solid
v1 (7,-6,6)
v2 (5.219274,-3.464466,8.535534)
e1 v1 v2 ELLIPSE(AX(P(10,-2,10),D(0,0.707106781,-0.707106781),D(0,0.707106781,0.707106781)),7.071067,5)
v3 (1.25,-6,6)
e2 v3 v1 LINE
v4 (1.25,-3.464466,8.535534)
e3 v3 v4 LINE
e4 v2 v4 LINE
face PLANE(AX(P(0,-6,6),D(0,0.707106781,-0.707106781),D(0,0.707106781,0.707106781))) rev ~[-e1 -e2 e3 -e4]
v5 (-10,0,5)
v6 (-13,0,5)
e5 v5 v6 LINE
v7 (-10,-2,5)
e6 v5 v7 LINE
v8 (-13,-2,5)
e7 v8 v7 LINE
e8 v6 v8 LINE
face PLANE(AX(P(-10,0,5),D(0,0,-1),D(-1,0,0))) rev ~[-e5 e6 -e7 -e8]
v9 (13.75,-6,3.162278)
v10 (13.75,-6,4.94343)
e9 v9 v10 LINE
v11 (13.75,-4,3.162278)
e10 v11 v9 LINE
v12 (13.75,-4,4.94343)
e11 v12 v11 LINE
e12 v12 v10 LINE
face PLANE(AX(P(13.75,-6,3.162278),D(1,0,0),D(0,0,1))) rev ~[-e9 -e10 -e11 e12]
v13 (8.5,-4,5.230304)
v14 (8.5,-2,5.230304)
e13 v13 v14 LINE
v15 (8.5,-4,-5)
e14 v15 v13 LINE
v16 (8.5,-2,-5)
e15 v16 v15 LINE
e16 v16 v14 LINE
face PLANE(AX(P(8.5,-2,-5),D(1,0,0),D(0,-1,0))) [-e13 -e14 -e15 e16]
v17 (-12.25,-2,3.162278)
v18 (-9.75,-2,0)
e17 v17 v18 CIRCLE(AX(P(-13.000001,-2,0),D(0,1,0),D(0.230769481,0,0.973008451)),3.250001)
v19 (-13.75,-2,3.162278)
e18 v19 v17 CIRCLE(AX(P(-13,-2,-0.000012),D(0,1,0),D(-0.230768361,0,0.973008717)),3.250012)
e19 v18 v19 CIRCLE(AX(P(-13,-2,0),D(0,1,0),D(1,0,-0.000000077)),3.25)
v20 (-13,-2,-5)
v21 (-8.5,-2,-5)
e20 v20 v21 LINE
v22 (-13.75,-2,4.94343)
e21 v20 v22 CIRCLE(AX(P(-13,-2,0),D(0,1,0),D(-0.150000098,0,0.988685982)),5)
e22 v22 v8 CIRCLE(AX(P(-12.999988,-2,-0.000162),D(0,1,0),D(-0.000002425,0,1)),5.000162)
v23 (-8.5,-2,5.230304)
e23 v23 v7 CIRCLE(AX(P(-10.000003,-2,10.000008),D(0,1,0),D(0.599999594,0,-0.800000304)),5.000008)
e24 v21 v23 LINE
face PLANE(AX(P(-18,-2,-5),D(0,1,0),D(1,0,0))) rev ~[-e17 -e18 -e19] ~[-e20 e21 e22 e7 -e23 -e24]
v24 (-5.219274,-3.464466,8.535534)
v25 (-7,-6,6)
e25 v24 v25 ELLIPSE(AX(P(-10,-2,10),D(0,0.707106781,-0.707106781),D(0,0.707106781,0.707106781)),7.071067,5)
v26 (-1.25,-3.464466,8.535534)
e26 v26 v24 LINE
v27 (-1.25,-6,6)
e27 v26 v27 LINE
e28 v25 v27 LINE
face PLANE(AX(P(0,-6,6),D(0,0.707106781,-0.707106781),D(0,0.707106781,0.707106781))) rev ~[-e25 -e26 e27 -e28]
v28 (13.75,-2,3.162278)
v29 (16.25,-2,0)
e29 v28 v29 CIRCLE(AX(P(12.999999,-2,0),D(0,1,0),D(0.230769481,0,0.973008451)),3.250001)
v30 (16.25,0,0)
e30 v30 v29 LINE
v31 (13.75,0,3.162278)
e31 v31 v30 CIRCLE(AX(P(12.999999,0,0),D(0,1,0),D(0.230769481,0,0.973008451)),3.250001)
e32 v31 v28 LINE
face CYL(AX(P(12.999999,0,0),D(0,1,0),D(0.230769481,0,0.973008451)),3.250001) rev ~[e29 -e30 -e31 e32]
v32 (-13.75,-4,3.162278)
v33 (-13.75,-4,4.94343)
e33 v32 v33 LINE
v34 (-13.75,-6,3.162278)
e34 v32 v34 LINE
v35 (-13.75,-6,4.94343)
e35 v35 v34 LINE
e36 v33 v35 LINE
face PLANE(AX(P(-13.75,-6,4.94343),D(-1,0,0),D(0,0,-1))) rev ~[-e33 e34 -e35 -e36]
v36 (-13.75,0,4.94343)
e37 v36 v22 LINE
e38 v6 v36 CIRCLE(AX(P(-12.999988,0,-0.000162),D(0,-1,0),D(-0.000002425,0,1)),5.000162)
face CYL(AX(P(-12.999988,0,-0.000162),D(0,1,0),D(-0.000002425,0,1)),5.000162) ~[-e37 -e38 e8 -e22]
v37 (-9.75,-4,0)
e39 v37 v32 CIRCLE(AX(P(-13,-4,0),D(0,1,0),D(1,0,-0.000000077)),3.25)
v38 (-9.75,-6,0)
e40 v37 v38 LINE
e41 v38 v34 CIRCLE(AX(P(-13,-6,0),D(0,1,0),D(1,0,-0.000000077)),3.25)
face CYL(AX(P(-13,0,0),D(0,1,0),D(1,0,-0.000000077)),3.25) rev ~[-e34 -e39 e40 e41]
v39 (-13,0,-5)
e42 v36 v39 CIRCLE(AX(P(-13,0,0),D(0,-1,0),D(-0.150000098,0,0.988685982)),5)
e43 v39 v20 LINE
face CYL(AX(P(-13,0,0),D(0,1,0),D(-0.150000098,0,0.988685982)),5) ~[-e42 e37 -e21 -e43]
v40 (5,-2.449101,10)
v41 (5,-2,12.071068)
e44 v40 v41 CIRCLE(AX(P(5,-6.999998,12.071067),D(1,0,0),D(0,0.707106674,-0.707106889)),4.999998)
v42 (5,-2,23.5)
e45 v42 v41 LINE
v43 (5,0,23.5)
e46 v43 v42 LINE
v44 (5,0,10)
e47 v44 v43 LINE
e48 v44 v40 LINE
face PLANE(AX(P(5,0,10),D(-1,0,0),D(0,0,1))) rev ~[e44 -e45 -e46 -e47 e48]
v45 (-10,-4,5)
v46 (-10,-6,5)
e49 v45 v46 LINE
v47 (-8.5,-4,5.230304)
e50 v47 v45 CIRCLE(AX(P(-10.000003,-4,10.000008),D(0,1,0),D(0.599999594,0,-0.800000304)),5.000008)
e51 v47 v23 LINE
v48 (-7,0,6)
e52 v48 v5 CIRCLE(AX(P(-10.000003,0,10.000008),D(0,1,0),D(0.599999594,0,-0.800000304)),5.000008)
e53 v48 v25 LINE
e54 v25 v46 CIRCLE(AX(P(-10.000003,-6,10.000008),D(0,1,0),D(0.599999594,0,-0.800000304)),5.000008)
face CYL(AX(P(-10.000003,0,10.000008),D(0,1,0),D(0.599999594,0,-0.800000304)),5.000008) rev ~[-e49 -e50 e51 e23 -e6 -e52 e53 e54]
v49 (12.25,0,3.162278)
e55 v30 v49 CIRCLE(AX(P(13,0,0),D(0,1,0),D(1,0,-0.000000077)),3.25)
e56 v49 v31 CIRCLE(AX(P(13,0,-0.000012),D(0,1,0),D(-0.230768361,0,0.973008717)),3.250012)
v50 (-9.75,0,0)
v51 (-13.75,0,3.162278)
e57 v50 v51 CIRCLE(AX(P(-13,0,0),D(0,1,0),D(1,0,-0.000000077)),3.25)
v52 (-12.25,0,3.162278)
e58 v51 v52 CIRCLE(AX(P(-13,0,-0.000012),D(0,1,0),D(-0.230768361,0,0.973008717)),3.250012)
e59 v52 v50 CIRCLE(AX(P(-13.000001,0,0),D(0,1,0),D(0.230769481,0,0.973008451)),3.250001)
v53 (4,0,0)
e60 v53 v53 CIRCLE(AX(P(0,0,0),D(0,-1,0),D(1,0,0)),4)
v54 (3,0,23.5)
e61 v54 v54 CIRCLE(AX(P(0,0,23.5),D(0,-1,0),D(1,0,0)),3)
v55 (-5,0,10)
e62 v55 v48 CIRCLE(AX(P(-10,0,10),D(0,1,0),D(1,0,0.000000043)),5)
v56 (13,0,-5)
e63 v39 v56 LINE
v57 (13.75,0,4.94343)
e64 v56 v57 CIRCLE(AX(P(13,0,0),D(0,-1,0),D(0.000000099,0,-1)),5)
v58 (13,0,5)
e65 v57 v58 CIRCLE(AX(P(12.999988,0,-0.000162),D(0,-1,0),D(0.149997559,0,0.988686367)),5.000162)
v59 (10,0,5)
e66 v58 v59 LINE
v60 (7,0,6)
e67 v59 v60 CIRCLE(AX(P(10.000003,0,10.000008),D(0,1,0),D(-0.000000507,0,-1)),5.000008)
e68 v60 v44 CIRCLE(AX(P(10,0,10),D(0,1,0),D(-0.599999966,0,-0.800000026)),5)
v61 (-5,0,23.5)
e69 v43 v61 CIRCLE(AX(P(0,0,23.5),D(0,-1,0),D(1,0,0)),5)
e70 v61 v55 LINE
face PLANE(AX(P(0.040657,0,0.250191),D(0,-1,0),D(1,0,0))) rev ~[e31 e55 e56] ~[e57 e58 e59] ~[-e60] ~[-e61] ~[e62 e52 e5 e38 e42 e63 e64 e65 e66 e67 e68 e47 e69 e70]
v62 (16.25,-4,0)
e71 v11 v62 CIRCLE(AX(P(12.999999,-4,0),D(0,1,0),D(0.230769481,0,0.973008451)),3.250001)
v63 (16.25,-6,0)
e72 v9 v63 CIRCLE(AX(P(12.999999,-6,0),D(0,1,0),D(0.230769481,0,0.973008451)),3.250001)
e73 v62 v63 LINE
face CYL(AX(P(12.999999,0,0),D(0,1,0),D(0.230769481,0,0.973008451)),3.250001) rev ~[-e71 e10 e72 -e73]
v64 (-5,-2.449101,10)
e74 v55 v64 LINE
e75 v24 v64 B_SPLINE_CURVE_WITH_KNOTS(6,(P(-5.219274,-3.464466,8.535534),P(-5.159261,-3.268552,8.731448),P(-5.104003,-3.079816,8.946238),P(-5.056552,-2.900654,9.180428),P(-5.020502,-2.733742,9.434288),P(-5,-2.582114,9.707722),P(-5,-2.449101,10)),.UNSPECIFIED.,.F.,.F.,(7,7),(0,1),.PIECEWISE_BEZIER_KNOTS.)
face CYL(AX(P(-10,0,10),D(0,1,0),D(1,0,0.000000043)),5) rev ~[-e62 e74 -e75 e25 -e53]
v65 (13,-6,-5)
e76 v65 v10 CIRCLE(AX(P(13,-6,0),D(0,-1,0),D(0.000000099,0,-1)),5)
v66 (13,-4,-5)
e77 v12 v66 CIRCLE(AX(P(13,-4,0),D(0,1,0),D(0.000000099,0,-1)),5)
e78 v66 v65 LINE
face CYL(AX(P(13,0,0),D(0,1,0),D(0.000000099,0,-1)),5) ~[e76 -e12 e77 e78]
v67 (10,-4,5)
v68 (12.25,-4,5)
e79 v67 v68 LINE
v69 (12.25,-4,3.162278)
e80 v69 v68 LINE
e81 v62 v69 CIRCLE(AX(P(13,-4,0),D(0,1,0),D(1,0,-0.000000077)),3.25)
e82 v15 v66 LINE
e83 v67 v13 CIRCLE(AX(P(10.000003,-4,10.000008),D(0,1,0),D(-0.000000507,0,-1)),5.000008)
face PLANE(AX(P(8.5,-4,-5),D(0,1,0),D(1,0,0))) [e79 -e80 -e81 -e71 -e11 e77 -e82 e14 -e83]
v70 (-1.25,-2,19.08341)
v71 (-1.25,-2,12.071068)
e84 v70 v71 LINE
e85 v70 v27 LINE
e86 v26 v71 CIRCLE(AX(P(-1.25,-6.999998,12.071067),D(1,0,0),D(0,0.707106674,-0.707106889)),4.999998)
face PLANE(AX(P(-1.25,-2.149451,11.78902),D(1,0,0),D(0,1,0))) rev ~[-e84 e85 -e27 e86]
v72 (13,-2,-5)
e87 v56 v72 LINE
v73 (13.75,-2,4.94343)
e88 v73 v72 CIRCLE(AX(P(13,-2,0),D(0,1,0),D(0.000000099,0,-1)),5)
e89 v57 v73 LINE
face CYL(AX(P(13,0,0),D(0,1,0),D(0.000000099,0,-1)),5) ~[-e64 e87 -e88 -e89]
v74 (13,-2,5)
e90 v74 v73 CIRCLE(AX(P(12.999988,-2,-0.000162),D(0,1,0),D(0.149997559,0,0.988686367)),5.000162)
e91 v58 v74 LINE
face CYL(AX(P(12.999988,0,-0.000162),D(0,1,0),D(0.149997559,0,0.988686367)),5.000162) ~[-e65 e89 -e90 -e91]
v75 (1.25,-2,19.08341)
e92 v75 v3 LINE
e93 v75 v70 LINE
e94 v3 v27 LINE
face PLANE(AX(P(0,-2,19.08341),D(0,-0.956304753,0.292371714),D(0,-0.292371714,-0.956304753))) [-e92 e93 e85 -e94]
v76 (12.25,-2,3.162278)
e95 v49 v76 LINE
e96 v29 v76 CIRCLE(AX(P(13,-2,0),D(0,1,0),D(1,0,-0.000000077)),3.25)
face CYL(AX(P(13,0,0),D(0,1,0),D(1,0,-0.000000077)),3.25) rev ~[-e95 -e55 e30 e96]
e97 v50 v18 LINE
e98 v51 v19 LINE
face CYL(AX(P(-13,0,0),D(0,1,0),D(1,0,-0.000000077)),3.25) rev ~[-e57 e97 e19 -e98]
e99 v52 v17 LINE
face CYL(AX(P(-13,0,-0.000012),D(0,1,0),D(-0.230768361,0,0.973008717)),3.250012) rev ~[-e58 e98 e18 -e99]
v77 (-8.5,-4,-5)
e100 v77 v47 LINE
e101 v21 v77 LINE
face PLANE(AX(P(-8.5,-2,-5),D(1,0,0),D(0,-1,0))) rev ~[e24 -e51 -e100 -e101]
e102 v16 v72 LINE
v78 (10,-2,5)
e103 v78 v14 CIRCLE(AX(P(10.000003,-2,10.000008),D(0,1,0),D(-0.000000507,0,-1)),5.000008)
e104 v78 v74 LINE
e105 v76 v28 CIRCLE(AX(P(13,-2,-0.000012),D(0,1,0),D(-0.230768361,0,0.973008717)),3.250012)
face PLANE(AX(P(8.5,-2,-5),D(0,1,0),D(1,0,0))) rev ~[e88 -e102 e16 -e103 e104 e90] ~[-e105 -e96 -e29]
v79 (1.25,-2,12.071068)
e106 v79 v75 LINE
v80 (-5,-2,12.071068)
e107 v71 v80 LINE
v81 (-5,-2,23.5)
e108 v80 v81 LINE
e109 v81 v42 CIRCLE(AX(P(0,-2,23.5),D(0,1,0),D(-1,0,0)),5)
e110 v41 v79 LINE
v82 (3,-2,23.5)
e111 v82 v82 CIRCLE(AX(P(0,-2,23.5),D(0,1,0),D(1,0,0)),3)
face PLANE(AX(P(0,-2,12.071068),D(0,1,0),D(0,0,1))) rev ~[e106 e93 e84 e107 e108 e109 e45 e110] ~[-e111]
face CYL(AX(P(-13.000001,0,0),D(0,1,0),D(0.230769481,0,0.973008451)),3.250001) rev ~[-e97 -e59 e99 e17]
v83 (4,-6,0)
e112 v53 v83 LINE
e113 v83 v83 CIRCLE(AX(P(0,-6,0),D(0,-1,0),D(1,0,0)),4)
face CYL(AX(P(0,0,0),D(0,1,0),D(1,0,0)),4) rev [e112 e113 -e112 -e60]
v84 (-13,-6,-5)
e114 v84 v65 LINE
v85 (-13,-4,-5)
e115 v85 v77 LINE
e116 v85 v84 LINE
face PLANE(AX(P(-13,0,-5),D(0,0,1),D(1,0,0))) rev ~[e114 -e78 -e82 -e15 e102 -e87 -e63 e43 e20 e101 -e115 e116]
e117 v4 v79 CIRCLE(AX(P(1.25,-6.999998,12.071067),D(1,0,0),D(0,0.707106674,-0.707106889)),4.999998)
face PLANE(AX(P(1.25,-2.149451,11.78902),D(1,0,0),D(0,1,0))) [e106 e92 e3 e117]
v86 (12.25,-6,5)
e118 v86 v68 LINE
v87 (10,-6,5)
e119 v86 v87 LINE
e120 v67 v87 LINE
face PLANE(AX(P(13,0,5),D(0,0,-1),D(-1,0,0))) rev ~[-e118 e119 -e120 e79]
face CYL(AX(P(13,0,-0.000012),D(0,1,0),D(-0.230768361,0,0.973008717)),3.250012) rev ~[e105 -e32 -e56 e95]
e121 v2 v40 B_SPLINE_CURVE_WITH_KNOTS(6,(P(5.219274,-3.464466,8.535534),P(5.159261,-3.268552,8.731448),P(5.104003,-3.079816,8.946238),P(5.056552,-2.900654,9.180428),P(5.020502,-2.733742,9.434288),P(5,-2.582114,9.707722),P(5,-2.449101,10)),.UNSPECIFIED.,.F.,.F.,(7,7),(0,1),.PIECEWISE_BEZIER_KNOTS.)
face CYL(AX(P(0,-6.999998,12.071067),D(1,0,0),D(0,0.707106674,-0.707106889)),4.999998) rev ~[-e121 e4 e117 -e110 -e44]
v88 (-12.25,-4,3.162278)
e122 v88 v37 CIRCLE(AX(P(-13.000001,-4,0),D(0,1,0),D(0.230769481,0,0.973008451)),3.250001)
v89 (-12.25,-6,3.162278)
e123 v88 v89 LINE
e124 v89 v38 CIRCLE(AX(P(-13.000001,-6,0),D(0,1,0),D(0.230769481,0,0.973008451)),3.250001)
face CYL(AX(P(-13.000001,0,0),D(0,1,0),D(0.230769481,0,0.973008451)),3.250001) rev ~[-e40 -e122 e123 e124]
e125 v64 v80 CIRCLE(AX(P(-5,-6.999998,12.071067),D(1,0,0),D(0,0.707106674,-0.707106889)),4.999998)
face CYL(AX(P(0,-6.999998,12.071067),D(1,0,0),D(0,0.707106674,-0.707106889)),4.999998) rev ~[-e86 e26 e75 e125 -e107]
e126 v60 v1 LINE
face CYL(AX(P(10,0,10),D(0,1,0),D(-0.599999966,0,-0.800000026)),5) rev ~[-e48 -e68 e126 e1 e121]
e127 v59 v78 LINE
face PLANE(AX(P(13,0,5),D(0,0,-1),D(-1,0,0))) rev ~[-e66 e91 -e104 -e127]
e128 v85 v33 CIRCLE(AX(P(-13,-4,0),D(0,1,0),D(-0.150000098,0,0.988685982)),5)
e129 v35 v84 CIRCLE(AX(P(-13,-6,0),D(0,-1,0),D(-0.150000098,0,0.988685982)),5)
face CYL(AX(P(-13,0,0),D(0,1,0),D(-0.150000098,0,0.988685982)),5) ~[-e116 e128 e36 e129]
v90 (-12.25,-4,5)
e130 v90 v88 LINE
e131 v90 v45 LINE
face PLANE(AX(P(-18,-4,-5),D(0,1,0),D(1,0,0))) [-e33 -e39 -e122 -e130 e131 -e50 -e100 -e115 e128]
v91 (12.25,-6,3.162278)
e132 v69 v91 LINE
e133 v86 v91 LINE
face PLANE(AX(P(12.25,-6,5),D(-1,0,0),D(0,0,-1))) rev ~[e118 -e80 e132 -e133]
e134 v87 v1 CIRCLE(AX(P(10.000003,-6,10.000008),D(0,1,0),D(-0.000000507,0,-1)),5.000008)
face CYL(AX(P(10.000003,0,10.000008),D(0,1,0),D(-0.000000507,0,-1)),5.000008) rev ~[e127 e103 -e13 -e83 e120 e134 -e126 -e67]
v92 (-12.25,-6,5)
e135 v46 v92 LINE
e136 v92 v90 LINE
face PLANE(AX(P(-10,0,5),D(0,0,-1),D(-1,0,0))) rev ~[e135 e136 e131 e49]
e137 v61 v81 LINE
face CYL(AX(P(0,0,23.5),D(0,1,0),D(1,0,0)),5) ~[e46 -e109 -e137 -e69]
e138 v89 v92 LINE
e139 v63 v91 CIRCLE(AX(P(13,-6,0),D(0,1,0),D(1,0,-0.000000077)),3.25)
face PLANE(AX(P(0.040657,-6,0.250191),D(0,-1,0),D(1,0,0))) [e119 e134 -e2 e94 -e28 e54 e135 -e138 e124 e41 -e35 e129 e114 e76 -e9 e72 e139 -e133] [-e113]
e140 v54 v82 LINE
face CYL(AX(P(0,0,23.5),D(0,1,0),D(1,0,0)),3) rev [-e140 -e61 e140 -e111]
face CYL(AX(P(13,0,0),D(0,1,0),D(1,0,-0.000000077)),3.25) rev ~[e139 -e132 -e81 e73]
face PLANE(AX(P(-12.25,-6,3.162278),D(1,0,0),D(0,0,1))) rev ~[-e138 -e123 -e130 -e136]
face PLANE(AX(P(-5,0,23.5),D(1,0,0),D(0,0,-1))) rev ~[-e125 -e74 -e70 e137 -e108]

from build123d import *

# Parameters (mm, degrees)
F0_R     = 4
F0_R_2   = 3
F1_DEPTH = 6
F3_DEPTH = 12.5
F5_DEPTH = 1.25
F6_W     = 9.5
F6_H     = 2
F7_DEPTH = 25
F9_DEPTH = 3


with BuildPart() as f1:
    # F0 (on Front) → F1 (new body)
    with BuildSketch(Plane.XZ):
        with BuildLine():
            ThreePointArc((-12.25, 3.162278), (-10.45049, 2.015564), (-9.75, 0))
            ThreePointArc((-9.75, 0), (-15.015564, -2.54951), (-13.75, 3.162278))
            Line((-13.75, 3.162278), (-13.75, 4.94343))
            ThreePointArc((-13.75, 4.94343), (-17.985837, -0.376065), (-13, -5))
            Line((-13, -5), (13, -5))
            ThreePointArc((13, -5), (17.985837, -0.376065), (13.75, 4.94343))
            Line((13.75, 4.94343), (13.75, 3.162278))
            ThreePointArc((13.75, 3.162278), (15.54951, 2.015564), (16.25, 0))
            ThreePointArc((16.25, 0), (10.984436, -2.54951), (12.25, 3.162278))
            Line((12.25, 3.162278), (12.25, 5))
            Line((12.25, 5), (10, 5))
            ThreePointArc((10, 5), (8.418861, 5.256584), (7, 6))
            Line((7, 6), (1.25, 6))
            Line((1.25, 6), (-1.25, 6))
            Line((-1.25, 6), (-7, 6))
            ThreePointArc((-7, 6), (-8.418861, 5.256584), (-10, 5))
            Line((-10, 5), (-12.25, 5))
            Line((-12.25, 5), (-12.25, 3.162278))
        make_face()
        Circle(F0_R, mode=Mode.SUBTRACT)
        with BuildLine():
            ThreePointArc((-13.75, 3.162278), (-13, 3.25), (-12.25, 3.162278))
            Line((-12.25, 3.162278), (-12.25, 5))
            Line((-12.25, 5), (-13, 5))
            ThreePointArc((-13, 5), (-13.376065, 4.985837), (-13.75, 4.94343))
            Line((-13.75, 4.94343), (-13.75, 3.162278))
        make_face()
        with BuildLine():
            ThreePointArc((-5, 10), (-5.527864, 7.763932), (-7, 6))
            Line((-7, 6), (-1.25, 6))
            Line((-1.25, 6), (-1.25, 19))
            Line((-1.25, 19), (1.25, 19))
            Line((1.25, 19), (1.25, 6))
            Line((1.25, 6), (7, 6))
            ThreePointArc((7, 6), (5.527864, 7.763932), (5, 10))
            Line((5, 10), (5, 23.5))
            ThreePointArc((5, 23.5), (0, 28.5), (-5, 23.5))
            Line((-5, 23.5), (-5, 10))
        make_face()
        with Locations((0, 23.5)):
            Circle(F0_R_2, mode=Mode.SUBTRACT)
        with BuildLine():
            Line((13.75, 3.162278), (13.75, 4.94343))
            ThreePointArc((13.75, 4.94343), (13.376065, 4.985837), (13, 5))
            Line((13, 5), (12.25, 5))
            Line((12.25, 5), (12.25, 3.162278))
            ThreePointArc((12.25, 3.162278), (13, 3.25), (13.75, 3.162278))
        make_face()
    extrude(amount=F1_DEPTH)

    # F2 (on Right) → F3 (cut, symmetric)
    with BuildSketch(Plane.YZ):
        Polygon((-2, 19.08341), (-2, 28.5), (-6, 28.5), (-6, 6), align=None)
        with BuildLine():
            Line((-2, 12.071068), (-2, 19.08341))
            Line((-2, 19.08341), (-6, 6))
            Line((-6, 6), (-3.464466, 8.535534))
            ThreePointArc((-3.464466, 8.535534), (-2.380602, 10.157651), (-2, 12.071068))
        make_face()
    extrude(amount=F3_DEPTH, both=True, mode=Mode.SUBTRACT)

    # F4 (on Right) → F5 (join, symmetric)
    with BuildSketch(Plane.YZ):
        Polygon((-2, 19.08341), (-6, 6), (0, 6), (0, 19.08341), align=None)
    extrude(amount=F5_DEPTH, both=True)

    # F6 (on face) → F7 (cut)
    with BuildSketch(Plane(origin=(0, 0, -5), x_dir=(1, 0, 0), z_dir=(0, 0, -1))):
        with Locations((-13.25, 3)):
            Rectangle(F6_W, F6_H)
        with Locations((13.25, 3)):
            Rectangle(F6_W, F6_H)
    extrude(amount=-F7_DEPTH, mode=Mode.SUBTRACT)

    # F8 (on face) → F9 (cut)
    with BuildSketch(Plane.XZ.offset(6)):
        with BuildLine():
            Line((-12.25, 3.162278), (-12.25, 5))
            Line((-12.25, 5), (-13, 5))
            ThreePointArc((-13, 5), (-13.376065, 4.985837), (-13.75, 4.94343))
            Line((-13.75, 4.94343), (-13.75, 3.162278))
            ThreePointArc((-13.75, 3.162278), (-13, 3.25), (-12.25, 3.162278))
        make_face()
        with BuildLine():
            Line((13, 5), (12.25, 5))
            Line((12.25, 5), (12.25, 3.162278))
            ThreePointArc((12.25, 3.162278), (13, 3.25), (13.75, 3.162278))
            Line((13.75, 3.162278), (13.75, 4.94343))
            ThreePointArc((13.75, 4.94343), (13.376065, 4.985837), (13, 5))
        make_face()
    extrude(amount=-F9_DEPTH, mode=Mode.SUBTRACT)


solid = f1.part
